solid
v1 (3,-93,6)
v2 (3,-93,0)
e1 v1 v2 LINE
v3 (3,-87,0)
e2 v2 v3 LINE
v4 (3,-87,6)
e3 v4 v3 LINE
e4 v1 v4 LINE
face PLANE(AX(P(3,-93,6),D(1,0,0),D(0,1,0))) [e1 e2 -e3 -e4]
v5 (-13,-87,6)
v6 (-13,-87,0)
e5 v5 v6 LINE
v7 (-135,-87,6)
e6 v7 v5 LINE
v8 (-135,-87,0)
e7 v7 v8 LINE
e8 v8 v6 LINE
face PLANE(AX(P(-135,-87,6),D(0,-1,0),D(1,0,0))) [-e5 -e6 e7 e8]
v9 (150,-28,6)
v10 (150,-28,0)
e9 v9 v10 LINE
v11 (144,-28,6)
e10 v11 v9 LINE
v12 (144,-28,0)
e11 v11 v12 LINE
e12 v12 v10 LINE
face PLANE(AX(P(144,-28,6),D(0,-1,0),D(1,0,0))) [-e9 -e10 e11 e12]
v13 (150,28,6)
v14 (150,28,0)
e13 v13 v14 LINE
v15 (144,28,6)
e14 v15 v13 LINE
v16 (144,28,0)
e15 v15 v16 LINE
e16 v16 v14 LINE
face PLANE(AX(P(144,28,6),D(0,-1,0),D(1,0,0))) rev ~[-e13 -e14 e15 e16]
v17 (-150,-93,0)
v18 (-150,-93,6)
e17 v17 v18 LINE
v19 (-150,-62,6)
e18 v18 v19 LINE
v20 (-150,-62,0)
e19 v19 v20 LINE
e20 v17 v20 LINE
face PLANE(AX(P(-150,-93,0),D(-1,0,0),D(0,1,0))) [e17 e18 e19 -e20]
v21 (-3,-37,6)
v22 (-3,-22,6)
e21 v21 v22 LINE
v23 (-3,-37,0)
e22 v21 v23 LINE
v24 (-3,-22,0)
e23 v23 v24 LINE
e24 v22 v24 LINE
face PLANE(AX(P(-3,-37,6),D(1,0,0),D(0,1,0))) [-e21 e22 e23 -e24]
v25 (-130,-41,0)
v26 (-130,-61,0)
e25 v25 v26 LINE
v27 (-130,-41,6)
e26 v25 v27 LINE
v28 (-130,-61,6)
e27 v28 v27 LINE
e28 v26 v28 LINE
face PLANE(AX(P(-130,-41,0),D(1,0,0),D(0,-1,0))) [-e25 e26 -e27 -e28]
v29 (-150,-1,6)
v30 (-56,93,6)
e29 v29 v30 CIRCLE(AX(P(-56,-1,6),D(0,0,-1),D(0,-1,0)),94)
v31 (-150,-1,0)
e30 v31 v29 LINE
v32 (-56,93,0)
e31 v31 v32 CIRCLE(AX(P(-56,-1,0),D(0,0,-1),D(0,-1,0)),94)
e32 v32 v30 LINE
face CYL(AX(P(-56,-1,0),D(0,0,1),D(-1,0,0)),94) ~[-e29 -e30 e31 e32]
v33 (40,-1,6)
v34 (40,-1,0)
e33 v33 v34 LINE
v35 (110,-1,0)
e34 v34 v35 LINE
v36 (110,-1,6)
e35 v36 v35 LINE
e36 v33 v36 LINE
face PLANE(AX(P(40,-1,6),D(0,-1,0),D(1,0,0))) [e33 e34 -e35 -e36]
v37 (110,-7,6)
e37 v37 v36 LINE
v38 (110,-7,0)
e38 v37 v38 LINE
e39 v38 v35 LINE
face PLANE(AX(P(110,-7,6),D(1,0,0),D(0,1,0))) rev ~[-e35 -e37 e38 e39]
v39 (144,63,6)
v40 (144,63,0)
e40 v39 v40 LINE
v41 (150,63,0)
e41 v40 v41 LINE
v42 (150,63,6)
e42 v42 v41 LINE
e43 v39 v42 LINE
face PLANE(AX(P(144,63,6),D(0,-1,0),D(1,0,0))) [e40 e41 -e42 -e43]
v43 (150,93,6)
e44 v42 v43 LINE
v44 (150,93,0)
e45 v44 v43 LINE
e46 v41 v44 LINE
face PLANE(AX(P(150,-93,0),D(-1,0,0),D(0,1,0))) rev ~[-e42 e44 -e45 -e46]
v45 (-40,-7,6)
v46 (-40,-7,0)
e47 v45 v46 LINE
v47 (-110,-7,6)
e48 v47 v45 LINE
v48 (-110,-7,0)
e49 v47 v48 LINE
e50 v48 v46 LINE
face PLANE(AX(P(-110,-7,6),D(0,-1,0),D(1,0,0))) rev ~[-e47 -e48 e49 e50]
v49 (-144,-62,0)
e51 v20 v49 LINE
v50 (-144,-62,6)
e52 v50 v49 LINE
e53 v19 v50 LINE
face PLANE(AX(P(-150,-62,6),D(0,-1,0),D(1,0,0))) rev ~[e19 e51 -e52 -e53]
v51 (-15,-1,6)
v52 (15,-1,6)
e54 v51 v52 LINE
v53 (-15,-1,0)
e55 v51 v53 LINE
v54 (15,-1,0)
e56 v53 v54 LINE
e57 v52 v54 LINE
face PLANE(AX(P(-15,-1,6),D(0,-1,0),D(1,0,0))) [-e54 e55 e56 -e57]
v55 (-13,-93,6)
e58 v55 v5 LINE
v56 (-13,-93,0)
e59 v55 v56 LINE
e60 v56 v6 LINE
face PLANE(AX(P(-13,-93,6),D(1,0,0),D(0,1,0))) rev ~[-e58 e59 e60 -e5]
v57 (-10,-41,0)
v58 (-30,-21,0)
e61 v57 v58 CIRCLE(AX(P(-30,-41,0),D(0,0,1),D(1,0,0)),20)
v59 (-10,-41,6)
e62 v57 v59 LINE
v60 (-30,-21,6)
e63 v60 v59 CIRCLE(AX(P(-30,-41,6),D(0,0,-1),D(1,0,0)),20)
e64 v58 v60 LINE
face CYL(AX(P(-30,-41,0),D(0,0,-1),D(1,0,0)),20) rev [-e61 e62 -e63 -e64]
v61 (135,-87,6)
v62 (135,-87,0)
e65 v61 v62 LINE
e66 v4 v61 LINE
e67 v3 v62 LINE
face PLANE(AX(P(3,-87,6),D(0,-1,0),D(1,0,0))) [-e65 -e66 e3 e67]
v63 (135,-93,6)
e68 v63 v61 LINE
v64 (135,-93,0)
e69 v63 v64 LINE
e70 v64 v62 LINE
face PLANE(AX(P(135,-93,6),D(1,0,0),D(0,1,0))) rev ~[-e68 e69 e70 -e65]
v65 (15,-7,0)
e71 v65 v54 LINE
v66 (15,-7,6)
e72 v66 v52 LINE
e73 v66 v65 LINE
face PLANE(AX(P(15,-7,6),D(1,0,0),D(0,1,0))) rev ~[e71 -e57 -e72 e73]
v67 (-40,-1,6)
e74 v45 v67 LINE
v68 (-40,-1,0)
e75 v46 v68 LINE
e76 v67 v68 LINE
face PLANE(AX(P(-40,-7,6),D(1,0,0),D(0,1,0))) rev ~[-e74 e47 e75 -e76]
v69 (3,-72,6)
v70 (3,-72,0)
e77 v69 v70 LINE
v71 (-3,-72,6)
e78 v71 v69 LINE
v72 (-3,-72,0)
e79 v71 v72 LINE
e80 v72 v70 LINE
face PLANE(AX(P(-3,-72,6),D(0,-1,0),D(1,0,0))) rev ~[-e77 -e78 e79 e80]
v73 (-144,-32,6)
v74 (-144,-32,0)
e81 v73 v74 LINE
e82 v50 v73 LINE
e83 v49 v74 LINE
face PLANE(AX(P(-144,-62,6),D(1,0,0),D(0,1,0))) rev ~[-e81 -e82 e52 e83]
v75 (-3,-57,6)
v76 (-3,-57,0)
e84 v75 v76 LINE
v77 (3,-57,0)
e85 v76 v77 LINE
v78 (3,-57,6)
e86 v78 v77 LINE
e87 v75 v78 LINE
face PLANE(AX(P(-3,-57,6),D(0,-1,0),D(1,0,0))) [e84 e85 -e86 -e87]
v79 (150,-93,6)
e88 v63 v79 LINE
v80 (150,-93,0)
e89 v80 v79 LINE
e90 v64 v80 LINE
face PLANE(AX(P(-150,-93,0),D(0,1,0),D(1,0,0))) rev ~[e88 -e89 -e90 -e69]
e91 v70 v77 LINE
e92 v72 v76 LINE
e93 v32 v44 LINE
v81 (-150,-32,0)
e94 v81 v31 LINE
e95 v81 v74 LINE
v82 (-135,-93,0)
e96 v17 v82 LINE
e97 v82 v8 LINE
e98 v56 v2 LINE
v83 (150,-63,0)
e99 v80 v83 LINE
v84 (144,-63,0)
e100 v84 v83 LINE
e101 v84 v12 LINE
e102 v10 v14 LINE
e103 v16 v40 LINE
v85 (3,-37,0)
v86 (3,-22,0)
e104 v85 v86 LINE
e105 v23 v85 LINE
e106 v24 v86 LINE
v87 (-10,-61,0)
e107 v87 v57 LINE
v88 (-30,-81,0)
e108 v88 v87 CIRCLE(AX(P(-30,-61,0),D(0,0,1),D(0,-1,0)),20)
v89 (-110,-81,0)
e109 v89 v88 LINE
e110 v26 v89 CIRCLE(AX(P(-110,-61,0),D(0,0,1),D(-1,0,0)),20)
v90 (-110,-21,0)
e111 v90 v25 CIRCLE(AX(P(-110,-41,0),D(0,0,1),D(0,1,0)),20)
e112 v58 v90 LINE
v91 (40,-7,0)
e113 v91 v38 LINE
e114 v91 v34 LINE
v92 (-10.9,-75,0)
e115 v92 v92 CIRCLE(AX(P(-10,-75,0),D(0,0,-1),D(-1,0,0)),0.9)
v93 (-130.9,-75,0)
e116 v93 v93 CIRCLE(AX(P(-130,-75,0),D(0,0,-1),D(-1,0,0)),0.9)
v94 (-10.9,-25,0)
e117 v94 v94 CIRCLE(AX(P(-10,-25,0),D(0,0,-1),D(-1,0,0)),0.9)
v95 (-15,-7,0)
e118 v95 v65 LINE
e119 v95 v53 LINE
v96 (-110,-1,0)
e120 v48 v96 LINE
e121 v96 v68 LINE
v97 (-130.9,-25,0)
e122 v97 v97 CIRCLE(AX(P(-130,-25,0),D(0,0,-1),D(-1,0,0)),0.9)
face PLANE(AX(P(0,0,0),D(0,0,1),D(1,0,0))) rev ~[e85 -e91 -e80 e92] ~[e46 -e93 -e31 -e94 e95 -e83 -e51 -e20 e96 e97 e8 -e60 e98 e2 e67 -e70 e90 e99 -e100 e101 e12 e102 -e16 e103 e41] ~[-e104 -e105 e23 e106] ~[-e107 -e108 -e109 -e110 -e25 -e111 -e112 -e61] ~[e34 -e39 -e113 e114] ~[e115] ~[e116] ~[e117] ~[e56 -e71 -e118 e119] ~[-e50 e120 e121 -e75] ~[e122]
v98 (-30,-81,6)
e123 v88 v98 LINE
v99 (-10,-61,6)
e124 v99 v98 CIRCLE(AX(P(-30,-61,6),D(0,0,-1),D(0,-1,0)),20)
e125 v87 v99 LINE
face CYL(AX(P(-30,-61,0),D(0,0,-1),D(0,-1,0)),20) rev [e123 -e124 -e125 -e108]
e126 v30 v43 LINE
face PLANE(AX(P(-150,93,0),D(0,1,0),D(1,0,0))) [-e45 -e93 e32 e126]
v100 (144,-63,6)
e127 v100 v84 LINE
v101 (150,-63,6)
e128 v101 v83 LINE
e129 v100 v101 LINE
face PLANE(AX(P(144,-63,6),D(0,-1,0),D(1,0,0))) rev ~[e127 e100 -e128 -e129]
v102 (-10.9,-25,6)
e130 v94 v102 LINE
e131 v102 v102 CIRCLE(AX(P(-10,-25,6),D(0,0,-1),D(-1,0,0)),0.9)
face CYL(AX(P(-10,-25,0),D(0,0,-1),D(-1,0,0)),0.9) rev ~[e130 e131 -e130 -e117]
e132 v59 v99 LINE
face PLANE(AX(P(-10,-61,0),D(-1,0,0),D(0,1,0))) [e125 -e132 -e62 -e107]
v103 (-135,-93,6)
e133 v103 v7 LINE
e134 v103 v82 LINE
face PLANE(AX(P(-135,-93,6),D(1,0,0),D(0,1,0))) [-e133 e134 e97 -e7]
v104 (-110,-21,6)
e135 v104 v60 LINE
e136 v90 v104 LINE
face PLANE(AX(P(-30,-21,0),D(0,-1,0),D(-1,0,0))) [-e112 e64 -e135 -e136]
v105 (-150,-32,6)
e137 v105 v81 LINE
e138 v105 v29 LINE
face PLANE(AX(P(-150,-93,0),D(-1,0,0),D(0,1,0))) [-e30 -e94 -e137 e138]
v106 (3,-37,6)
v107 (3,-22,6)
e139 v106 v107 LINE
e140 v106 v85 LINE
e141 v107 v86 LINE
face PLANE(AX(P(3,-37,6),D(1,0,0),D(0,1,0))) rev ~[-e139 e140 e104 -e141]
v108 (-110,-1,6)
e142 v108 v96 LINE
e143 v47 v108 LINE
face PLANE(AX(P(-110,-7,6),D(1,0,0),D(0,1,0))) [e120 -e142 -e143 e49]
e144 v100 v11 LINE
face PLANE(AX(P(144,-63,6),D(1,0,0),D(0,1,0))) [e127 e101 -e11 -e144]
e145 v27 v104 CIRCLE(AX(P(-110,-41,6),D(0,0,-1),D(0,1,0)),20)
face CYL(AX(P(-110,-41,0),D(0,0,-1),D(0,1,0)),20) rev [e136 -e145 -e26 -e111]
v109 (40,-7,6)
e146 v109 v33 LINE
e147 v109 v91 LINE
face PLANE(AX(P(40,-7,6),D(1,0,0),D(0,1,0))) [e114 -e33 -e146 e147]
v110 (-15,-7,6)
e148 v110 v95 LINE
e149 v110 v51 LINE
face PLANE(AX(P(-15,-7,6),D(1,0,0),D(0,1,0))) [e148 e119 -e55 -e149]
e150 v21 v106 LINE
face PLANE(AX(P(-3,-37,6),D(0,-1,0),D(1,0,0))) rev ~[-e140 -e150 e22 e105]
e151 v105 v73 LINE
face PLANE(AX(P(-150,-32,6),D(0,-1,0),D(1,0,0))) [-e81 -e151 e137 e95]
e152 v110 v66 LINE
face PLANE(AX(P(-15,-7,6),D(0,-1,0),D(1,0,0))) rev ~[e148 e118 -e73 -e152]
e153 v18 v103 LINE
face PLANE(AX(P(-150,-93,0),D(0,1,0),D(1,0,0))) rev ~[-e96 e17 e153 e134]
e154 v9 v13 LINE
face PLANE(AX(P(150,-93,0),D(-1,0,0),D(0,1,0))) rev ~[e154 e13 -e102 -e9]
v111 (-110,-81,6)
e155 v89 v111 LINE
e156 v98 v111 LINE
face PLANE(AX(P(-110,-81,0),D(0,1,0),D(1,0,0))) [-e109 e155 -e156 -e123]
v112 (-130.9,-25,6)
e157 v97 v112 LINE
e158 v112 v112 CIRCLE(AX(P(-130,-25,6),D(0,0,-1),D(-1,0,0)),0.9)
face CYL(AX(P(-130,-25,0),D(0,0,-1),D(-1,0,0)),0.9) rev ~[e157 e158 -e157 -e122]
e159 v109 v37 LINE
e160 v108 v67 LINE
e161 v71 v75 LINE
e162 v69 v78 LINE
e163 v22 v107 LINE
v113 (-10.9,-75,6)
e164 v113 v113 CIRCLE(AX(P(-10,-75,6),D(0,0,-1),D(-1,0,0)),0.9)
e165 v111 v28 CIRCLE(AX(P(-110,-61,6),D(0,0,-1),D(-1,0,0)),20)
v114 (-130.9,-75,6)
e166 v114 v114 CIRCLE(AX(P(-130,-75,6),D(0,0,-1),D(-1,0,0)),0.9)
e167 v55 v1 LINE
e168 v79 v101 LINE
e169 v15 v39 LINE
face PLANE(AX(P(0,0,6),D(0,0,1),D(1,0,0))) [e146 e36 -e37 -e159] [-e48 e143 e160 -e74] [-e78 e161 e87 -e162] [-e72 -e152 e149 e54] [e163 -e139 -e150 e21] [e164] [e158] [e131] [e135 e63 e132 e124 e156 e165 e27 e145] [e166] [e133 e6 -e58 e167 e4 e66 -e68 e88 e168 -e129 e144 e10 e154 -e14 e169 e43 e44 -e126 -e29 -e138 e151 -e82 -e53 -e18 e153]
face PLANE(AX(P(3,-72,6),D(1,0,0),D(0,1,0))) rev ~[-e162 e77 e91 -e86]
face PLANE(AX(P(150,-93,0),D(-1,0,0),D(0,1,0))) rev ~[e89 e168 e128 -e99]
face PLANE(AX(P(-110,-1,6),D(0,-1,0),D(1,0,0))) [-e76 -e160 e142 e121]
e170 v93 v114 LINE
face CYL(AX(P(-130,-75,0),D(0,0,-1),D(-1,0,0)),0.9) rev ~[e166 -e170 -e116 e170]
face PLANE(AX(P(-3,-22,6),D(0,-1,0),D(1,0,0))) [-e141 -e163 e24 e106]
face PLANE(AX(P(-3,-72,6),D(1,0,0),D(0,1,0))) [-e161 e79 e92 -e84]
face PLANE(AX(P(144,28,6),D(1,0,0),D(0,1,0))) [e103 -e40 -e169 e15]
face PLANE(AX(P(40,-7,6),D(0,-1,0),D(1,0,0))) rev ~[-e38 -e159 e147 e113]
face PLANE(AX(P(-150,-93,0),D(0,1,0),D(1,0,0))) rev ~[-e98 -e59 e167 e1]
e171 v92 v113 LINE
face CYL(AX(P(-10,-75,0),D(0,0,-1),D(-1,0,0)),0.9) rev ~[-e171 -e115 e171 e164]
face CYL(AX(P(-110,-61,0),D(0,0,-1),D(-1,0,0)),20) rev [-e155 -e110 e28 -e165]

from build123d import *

# Parameters (mm, degrees)
SKETCH1_W           = 300
SKETCH1_H           = 186
BOSS_EXTRUDE1_DEPTH = 6
FILLET1_R           = 94
CUT_EXTRUDE1_DEPTH  = 10
SKETCH3_W           = 70
SKETCH3_H           = 6
SKETCH3_W_2         = 6
SKETCH3_H_2         = 30
SKETCH3_W_3         = 122
SKETCH3_H_3         = 35
SKETCH3_W_4         = 30
SKETCH3_H_4         = 15
SKETCH3_W_5         = 132
CUT_EXTRUDE2_DEPTH  = 6
SKETCH4_R           = 0.9
CUT_EXTRUDE3_DEPTH  = 6


with BuildPart() as part:
    # Sketch1 → Boss-Extrude1 (new body)
    with BuildSketch(Plane.XY):
        Rectangle(SKETCH1_W, SKETCH1_H)
    extrude(amount=BOSS_EXTRUDE1_DEPTH)

    # Fillet1
    fillet1_edges = [part.edges().sort_by_distance(p)[0] for p in [
        (-150, 93, 3),
    ]]
    fillet(fillet1_edges, radius=FILLET1_R)

    # Sketch2 → Cut-Extrude1 (cut)
    with BuildSketch(Plane(origin=(0, 0, 0), x_dir=(-1, 0, 0), z_dir=(0, 0, -1))):
        with BuildLine():
            Line((110, -81), (30, -81))
            ThreePointArc((30, -81), (15.857864376, -75.142135624), (10, -61))
            Line((10, -61), (10, -41))
            ThreePointArc((10, -41), (15.857864376, -26.857864376), (30, -21))
            Line((30, -21), (110, -21))
            ThreePointArc((110, -21), (124.142135624, -26.857864376), (130, -41))
            Line((130, -41), (130, -61))
            ThreePointArc((130, -61), (124.142135624, -75.142135624), (110, -81))
        make_face()
    extrude(amount=-CUT_EXTRUDE1_DEPTH, mode=Mode.SUBTRACT)

    # Sketch3 → Cut-Extrude2 (cut)
    with BuildSketch(Plane.XY.offset(6)):
        with Locations((-75, -4)):
            Rectangle(SKETCH3_W, SKETCH3_H)
        with Locations((-147, -47)):
            Rectangle(SKETCH3_W_2, SKETCH3_H_2)
        with Locations((-74, -90)):
            Rectangle(SKETCH3_W_3, SKETCH3_H)
        with Locations((147, 45.5)):
            Rectangle(SKETCH3_W_2, SKETCH3_H_3)
        with Locations((147, -45.5)):
            Rectangle(SKETCH3_W_2, SKETCH3_H_3)
        with Locations((75, -4)):
            Rectangle(SKETCH3_W, SKETCH3_H)
        with Locations((0, -4)):
            Rectangle(SKETCH3_W_4, SKETCH3_H)
        with Locations((0, -29.5)):
            Rectangle(SKETCH3_W_2, SKETCH3_H_4)
        with Locations((0, -64.5)):
            Rectangle(SKETCH3_W_2, SKETCH3_H_4)
        with Locations((69, -90)):
            Rectangle(SKETCH3_W_5, SKETCH3_H)
    extrude(amount=-CUT_EXTRUDE2_DEPTH, mode=Mode.SUBTRACT)

    # Sketch4 → Cut-Extrude3 (cut)
    with BuildSketch(Plane(origin=(0, 0, 0), x_dir=(-1, 0, 0), z_dir=(0, 0, -1))):
        with Locations((130, -75)):
            Circle(SKETCH4_R)
        with Locations((130, -25)):
            Circle(SKETCH4_R)
        with Locations((10, -75)):
            Circle(SKETCH4_R)
        with Locations((10, -25)):
            Circle(SKETCH4_R)
    extrude(amount=-CUT_EXTRUDE3_DEPTH, mode=Mode.SUBTRACT)


solid = part.part
